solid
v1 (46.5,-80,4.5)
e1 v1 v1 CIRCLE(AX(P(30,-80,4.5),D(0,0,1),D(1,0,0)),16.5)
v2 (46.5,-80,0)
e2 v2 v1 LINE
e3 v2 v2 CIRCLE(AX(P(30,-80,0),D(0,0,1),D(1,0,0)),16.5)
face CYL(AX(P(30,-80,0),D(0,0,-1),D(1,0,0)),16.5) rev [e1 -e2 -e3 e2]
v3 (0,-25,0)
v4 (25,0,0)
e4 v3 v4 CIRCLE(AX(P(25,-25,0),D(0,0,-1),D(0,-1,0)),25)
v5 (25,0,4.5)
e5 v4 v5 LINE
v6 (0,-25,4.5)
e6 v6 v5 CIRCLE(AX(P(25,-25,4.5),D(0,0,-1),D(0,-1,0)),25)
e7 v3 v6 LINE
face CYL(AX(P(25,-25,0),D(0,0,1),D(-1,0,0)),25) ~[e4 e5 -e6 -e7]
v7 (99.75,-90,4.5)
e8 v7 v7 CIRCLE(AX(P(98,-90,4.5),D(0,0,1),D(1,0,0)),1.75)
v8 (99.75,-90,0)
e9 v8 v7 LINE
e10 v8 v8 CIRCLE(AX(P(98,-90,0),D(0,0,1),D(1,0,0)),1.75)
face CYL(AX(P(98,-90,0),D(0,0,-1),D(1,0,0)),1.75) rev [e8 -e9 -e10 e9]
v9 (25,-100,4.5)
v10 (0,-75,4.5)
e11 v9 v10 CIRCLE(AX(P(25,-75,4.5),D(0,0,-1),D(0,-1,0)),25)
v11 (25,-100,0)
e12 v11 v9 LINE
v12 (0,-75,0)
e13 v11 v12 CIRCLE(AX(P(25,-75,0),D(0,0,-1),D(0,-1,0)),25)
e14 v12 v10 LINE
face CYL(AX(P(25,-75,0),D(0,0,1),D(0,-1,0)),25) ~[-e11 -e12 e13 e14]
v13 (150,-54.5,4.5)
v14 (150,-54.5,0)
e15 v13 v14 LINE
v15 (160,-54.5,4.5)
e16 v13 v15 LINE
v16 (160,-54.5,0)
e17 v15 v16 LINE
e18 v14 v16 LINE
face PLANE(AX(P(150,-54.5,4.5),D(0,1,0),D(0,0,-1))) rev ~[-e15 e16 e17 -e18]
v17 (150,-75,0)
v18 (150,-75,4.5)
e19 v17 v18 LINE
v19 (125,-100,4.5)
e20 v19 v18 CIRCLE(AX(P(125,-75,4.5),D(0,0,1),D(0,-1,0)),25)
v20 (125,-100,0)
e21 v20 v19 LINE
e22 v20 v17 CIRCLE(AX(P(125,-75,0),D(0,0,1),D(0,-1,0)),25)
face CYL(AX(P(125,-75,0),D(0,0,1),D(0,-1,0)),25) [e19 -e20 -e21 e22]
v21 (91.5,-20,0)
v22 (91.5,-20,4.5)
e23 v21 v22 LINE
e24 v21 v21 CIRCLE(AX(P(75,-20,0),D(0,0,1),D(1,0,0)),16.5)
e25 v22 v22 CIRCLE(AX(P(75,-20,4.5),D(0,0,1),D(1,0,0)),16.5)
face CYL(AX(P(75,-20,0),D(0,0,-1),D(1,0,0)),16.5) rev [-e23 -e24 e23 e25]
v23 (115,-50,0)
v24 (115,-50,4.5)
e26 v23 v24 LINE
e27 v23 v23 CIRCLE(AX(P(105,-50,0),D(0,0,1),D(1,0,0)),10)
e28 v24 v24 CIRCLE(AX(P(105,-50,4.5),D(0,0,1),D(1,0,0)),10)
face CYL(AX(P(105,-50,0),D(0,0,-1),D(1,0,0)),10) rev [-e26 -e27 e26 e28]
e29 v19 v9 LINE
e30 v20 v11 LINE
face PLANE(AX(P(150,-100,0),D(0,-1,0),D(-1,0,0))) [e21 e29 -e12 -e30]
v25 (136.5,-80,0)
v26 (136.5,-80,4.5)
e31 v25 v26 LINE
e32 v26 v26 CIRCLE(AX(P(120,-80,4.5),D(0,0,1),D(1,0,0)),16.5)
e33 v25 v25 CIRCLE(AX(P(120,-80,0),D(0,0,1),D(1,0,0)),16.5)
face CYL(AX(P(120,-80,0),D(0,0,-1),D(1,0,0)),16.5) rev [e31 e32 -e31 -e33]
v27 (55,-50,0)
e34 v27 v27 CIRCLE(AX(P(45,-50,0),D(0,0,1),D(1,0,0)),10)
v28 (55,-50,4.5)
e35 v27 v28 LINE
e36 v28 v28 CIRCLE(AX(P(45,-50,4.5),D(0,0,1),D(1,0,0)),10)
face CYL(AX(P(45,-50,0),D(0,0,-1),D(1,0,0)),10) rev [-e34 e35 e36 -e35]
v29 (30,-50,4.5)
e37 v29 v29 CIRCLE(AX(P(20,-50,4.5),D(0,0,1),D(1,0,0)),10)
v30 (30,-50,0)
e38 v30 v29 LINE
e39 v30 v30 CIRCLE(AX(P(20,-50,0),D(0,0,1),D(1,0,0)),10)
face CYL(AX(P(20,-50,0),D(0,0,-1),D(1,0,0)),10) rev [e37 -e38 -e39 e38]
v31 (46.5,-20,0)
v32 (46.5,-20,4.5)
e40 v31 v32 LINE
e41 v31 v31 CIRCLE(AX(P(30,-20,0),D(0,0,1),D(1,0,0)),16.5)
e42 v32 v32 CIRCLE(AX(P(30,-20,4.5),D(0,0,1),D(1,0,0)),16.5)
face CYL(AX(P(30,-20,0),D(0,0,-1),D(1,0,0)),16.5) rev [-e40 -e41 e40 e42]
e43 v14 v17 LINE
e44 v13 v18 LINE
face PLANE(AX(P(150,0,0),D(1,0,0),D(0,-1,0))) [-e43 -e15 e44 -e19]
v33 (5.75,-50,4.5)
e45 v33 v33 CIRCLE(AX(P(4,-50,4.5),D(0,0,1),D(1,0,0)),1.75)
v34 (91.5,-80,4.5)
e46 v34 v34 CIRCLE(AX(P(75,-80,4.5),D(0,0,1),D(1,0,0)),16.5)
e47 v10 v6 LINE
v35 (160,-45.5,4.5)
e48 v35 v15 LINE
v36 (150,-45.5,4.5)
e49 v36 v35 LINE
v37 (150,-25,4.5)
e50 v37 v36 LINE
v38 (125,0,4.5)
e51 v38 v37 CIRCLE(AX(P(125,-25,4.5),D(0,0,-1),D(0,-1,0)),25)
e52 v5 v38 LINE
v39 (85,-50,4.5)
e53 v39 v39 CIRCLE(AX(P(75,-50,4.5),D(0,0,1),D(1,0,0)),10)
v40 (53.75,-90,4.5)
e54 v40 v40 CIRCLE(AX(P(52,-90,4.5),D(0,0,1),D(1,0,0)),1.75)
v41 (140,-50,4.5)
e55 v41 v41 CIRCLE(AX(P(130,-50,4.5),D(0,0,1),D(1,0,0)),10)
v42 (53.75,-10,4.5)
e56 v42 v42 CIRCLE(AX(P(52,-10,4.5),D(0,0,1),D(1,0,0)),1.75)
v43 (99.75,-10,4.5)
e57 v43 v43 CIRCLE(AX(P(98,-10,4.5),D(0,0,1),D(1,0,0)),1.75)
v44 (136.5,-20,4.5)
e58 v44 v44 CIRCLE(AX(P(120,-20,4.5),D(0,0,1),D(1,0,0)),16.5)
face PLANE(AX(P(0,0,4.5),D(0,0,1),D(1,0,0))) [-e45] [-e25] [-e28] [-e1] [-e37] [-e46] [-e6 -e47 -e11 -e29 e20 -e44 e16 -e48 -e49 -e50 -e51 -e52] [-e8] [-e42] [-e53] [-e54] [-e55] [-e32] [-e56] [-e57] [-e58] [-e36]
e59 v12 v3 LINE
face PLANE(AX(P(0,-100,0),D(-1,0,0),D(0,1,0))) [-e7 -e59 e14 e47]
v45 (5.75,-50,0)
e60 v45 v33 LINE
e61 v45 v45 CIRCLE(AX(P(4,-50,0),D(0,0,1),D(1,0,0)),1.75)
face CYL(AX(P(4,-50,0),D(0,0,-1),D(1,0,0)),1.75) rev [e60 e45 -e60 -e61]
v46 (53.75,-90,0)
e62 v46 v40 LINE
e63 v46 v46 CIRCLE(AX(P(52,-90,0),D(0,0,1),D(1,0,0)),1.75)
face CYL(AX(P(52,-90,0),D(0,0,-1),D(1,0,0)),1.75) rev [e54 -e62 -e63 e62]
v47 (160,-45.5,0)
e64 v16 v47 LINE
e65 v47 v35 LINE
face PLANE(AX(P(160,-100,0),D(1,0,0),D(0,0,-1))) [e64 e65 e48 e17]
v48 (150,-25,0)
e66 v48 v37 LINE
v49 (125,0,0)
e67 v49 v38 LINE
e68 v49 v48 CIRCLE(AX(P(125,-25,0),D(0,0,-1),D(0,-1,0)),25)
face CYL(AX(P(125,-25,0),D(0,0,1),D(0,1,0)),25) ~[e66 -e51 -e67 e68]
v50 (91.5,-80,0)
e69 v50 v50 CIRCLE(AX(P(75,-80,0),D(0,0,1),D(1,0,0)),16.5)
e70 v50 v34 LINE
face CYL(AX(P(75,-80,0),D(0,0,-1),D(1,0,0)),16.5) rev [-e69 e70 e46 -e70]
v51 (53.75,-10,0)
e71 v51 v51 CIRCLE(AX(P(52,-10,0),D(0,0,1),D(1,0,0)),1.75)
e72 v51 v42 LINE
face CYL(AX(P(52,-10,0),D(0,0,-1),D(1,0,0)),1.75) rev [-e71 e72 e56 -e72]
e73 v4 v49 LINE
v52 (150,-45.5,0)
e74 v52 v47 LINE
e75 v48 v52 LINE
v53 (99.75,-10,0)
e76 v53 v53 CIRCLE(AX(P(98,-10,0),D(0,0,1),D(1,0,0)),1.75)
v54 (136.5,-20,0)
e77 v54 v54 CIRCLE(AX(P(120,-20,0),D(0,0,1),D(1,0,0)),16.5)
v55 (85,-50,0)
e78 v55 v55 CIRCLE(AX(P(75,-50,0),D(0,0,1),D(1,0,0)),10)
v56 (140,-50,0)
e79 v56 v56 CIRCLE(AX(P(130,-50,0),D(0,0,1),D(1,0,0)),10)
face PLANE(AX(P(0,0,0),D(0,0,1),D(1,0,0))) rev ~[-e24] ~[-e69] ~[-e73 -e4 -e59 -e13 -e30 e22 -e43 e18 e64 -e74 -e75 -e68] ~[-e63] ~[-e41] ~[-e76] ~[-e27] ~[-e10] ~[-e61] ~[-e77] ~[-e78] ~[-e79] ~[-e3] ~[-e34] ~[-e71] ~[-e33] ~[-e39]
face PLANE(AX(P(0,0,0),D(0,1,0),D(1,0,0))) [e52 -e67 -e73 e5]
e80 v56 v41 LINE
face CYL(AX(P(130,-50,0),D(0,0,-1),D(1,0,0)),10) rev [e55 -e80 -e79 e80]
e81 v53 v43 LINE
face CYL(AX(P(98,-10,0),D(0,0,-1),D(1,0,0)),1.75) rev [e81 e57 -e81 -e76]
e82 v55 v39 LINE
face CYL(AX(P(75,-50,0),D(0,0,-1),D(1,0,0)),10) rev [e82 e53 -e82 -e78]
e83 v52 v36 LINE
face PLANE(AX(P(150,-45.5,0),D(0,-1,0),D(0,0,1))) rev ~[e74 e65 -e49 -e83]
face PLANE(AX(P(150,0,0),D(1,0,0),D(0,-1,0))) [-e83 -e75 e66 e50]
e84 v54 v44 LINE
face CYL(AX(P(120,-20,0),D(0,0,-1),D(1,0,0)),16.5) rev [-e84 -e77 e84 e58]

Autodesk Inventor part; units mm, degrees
ref_plane "YZ Plane" through (0, 0, 0) normal (1, 0, 0) x (0, 1, 0)
ref_plane "XZ Plane" through (0, 0, 0) normal (0, 1, 0) x (-1, 0, 0)
ref_plane "XY Plane" through (0, 0, 0) normal (0, 0, 1) x (1, 0, 0)
sketch "Sketch1" plane through (0, 0, 0) normal (0, 0, 1) x (1, 0, 0)
  line L0 (0, 0) -> (150, 0)
  line L1 (150, 0) -> (150, -100)
  line L2 (150, -100) -> (0, -100)
  line L3 (0, -100) -> (0, 0)
  circle A0 centre (30, -20) radius 16.5
  circle A1 centre (30, -80) radius 16.5
  circle A2 centre (75, -20) radius 16.5
  circle A3 centre (120, -20) radius 16.5
  circle A4 centre (75, -80) radius 16.5
  circle A5 centre (120, -80) radius 16.5
  circle A6 centre (20, -50) radius 10
  circle A7 centre (45, -50) radius 10
  circle A8 centre (75, -50) radius 10
  circle A9 centre (105, -50) radius 10
  circle A10 centre (130, -50) radius 10
  circle A11 centre (52, -10) radius 1.75
  circle A12 centre (98, -10) radius 1.75
  circle A13 centre (52, -90) radius 1.75
  circle A14 centre (98, -90) radius 1.75
  circle A15 centre (4, -50) radius 1.75
  dimension "d0" = 150
  dimension "d1" = 100
  dimension "d2" = 33
  dimension "d3" = 33
  dimension "d5" = 33
  dimension "d6" = 33
  dimension "d8" = 33
  dimension "d9" = 33
  dimension "d10" = 20
  dimension "d11" = 20
  dimension "d12" = 20
  dimension "d13" = 30
  dimension "d14" = 30
  dimension "d15" = 75
  dimension "d16" = 30
  dimension "d17" = 75
  dimension "d18" = 30
  dimension "d19" = 20
  dimension "d20" = 20
  dimension "d21" = 20
  dimension "d22" = 20
  dimension "d23" = 20
  dimension "d25" = 20
  dimension "d26" = 20
  dimension "d27" = 20
  dimension "d28" = 20
  dimension "d29" = 20
  dimension "d30" = 25
  dimension "d31" = 25
  dimension "d32" = 50
  dimension "d33" = 50
  dimension "d34" = 50
  dimension "d35" = 50
  dimension "d36" = 50
  dimension "d37" = 75
  dimension "d56" = 3.5
  dimension "d57" = 3.5
  dimension "d58" = 3.5
  dimension "d59" = 3.5
  dimension "d60" = 10
  dimension "d61" = 10
  dimension "d62" = 10
  dimension "d63" = 10
  dimension "d64" = 52
  dimension "d65" = 52
  dimension "d66" = 52
  dimension "d67" = 52
  dimension "d74" = 3.5
  dimension "d75" = 4
  dimension "d76" = 50
extrude "Extrusion5" add sketch "Sketch1" along normal blind 4.5
sketch "Sketch4" plane through (150, -100, 0) normal (1, 0, 0) x (0, 0, -1)
  line L0 (0, 0) -> (-4.5, 0) projected
  line L1 (0, 100) -> (-4.5, 100)
  line L2 (-4.5, 100) -> (-4.5, 0)
  line L3 (-4.5, 0) -> (0, 0)
  line L4 (0, 0) -> (0, 100)
  line L5 (-4.5, 40) -> (-4.5, 60) projected
  line L6 (-4.5, 45.5) -> (0, 45.5)
  line L7 (0, 45.5) -> (0, 54.5)
  line L8 (0, 54.5) -> (-4.5, 54.5)
  line L9 (-4.5, 54.5) -> (-4.5, 45.5)
  dimension "d79" = 9
  dimension "d80" = 45.5
extrude "Extrusion6" add sketch "Sketch4" along normal blind 10 contours L6 L2 L8 L4
fillet "Fillet9" radius 25 1 edges at (150, 0, 2.25)
fillet "Fillet10" radius 25 1 edges at (150, -100, 2.25)
fillet "Fillet11" radius 25 1 edges at (0, -100, 2.25)
fillet "Fillet12" radius 25 1 edges at (0, 0, 2.25)
properties part number "Bandeja de tubos"
